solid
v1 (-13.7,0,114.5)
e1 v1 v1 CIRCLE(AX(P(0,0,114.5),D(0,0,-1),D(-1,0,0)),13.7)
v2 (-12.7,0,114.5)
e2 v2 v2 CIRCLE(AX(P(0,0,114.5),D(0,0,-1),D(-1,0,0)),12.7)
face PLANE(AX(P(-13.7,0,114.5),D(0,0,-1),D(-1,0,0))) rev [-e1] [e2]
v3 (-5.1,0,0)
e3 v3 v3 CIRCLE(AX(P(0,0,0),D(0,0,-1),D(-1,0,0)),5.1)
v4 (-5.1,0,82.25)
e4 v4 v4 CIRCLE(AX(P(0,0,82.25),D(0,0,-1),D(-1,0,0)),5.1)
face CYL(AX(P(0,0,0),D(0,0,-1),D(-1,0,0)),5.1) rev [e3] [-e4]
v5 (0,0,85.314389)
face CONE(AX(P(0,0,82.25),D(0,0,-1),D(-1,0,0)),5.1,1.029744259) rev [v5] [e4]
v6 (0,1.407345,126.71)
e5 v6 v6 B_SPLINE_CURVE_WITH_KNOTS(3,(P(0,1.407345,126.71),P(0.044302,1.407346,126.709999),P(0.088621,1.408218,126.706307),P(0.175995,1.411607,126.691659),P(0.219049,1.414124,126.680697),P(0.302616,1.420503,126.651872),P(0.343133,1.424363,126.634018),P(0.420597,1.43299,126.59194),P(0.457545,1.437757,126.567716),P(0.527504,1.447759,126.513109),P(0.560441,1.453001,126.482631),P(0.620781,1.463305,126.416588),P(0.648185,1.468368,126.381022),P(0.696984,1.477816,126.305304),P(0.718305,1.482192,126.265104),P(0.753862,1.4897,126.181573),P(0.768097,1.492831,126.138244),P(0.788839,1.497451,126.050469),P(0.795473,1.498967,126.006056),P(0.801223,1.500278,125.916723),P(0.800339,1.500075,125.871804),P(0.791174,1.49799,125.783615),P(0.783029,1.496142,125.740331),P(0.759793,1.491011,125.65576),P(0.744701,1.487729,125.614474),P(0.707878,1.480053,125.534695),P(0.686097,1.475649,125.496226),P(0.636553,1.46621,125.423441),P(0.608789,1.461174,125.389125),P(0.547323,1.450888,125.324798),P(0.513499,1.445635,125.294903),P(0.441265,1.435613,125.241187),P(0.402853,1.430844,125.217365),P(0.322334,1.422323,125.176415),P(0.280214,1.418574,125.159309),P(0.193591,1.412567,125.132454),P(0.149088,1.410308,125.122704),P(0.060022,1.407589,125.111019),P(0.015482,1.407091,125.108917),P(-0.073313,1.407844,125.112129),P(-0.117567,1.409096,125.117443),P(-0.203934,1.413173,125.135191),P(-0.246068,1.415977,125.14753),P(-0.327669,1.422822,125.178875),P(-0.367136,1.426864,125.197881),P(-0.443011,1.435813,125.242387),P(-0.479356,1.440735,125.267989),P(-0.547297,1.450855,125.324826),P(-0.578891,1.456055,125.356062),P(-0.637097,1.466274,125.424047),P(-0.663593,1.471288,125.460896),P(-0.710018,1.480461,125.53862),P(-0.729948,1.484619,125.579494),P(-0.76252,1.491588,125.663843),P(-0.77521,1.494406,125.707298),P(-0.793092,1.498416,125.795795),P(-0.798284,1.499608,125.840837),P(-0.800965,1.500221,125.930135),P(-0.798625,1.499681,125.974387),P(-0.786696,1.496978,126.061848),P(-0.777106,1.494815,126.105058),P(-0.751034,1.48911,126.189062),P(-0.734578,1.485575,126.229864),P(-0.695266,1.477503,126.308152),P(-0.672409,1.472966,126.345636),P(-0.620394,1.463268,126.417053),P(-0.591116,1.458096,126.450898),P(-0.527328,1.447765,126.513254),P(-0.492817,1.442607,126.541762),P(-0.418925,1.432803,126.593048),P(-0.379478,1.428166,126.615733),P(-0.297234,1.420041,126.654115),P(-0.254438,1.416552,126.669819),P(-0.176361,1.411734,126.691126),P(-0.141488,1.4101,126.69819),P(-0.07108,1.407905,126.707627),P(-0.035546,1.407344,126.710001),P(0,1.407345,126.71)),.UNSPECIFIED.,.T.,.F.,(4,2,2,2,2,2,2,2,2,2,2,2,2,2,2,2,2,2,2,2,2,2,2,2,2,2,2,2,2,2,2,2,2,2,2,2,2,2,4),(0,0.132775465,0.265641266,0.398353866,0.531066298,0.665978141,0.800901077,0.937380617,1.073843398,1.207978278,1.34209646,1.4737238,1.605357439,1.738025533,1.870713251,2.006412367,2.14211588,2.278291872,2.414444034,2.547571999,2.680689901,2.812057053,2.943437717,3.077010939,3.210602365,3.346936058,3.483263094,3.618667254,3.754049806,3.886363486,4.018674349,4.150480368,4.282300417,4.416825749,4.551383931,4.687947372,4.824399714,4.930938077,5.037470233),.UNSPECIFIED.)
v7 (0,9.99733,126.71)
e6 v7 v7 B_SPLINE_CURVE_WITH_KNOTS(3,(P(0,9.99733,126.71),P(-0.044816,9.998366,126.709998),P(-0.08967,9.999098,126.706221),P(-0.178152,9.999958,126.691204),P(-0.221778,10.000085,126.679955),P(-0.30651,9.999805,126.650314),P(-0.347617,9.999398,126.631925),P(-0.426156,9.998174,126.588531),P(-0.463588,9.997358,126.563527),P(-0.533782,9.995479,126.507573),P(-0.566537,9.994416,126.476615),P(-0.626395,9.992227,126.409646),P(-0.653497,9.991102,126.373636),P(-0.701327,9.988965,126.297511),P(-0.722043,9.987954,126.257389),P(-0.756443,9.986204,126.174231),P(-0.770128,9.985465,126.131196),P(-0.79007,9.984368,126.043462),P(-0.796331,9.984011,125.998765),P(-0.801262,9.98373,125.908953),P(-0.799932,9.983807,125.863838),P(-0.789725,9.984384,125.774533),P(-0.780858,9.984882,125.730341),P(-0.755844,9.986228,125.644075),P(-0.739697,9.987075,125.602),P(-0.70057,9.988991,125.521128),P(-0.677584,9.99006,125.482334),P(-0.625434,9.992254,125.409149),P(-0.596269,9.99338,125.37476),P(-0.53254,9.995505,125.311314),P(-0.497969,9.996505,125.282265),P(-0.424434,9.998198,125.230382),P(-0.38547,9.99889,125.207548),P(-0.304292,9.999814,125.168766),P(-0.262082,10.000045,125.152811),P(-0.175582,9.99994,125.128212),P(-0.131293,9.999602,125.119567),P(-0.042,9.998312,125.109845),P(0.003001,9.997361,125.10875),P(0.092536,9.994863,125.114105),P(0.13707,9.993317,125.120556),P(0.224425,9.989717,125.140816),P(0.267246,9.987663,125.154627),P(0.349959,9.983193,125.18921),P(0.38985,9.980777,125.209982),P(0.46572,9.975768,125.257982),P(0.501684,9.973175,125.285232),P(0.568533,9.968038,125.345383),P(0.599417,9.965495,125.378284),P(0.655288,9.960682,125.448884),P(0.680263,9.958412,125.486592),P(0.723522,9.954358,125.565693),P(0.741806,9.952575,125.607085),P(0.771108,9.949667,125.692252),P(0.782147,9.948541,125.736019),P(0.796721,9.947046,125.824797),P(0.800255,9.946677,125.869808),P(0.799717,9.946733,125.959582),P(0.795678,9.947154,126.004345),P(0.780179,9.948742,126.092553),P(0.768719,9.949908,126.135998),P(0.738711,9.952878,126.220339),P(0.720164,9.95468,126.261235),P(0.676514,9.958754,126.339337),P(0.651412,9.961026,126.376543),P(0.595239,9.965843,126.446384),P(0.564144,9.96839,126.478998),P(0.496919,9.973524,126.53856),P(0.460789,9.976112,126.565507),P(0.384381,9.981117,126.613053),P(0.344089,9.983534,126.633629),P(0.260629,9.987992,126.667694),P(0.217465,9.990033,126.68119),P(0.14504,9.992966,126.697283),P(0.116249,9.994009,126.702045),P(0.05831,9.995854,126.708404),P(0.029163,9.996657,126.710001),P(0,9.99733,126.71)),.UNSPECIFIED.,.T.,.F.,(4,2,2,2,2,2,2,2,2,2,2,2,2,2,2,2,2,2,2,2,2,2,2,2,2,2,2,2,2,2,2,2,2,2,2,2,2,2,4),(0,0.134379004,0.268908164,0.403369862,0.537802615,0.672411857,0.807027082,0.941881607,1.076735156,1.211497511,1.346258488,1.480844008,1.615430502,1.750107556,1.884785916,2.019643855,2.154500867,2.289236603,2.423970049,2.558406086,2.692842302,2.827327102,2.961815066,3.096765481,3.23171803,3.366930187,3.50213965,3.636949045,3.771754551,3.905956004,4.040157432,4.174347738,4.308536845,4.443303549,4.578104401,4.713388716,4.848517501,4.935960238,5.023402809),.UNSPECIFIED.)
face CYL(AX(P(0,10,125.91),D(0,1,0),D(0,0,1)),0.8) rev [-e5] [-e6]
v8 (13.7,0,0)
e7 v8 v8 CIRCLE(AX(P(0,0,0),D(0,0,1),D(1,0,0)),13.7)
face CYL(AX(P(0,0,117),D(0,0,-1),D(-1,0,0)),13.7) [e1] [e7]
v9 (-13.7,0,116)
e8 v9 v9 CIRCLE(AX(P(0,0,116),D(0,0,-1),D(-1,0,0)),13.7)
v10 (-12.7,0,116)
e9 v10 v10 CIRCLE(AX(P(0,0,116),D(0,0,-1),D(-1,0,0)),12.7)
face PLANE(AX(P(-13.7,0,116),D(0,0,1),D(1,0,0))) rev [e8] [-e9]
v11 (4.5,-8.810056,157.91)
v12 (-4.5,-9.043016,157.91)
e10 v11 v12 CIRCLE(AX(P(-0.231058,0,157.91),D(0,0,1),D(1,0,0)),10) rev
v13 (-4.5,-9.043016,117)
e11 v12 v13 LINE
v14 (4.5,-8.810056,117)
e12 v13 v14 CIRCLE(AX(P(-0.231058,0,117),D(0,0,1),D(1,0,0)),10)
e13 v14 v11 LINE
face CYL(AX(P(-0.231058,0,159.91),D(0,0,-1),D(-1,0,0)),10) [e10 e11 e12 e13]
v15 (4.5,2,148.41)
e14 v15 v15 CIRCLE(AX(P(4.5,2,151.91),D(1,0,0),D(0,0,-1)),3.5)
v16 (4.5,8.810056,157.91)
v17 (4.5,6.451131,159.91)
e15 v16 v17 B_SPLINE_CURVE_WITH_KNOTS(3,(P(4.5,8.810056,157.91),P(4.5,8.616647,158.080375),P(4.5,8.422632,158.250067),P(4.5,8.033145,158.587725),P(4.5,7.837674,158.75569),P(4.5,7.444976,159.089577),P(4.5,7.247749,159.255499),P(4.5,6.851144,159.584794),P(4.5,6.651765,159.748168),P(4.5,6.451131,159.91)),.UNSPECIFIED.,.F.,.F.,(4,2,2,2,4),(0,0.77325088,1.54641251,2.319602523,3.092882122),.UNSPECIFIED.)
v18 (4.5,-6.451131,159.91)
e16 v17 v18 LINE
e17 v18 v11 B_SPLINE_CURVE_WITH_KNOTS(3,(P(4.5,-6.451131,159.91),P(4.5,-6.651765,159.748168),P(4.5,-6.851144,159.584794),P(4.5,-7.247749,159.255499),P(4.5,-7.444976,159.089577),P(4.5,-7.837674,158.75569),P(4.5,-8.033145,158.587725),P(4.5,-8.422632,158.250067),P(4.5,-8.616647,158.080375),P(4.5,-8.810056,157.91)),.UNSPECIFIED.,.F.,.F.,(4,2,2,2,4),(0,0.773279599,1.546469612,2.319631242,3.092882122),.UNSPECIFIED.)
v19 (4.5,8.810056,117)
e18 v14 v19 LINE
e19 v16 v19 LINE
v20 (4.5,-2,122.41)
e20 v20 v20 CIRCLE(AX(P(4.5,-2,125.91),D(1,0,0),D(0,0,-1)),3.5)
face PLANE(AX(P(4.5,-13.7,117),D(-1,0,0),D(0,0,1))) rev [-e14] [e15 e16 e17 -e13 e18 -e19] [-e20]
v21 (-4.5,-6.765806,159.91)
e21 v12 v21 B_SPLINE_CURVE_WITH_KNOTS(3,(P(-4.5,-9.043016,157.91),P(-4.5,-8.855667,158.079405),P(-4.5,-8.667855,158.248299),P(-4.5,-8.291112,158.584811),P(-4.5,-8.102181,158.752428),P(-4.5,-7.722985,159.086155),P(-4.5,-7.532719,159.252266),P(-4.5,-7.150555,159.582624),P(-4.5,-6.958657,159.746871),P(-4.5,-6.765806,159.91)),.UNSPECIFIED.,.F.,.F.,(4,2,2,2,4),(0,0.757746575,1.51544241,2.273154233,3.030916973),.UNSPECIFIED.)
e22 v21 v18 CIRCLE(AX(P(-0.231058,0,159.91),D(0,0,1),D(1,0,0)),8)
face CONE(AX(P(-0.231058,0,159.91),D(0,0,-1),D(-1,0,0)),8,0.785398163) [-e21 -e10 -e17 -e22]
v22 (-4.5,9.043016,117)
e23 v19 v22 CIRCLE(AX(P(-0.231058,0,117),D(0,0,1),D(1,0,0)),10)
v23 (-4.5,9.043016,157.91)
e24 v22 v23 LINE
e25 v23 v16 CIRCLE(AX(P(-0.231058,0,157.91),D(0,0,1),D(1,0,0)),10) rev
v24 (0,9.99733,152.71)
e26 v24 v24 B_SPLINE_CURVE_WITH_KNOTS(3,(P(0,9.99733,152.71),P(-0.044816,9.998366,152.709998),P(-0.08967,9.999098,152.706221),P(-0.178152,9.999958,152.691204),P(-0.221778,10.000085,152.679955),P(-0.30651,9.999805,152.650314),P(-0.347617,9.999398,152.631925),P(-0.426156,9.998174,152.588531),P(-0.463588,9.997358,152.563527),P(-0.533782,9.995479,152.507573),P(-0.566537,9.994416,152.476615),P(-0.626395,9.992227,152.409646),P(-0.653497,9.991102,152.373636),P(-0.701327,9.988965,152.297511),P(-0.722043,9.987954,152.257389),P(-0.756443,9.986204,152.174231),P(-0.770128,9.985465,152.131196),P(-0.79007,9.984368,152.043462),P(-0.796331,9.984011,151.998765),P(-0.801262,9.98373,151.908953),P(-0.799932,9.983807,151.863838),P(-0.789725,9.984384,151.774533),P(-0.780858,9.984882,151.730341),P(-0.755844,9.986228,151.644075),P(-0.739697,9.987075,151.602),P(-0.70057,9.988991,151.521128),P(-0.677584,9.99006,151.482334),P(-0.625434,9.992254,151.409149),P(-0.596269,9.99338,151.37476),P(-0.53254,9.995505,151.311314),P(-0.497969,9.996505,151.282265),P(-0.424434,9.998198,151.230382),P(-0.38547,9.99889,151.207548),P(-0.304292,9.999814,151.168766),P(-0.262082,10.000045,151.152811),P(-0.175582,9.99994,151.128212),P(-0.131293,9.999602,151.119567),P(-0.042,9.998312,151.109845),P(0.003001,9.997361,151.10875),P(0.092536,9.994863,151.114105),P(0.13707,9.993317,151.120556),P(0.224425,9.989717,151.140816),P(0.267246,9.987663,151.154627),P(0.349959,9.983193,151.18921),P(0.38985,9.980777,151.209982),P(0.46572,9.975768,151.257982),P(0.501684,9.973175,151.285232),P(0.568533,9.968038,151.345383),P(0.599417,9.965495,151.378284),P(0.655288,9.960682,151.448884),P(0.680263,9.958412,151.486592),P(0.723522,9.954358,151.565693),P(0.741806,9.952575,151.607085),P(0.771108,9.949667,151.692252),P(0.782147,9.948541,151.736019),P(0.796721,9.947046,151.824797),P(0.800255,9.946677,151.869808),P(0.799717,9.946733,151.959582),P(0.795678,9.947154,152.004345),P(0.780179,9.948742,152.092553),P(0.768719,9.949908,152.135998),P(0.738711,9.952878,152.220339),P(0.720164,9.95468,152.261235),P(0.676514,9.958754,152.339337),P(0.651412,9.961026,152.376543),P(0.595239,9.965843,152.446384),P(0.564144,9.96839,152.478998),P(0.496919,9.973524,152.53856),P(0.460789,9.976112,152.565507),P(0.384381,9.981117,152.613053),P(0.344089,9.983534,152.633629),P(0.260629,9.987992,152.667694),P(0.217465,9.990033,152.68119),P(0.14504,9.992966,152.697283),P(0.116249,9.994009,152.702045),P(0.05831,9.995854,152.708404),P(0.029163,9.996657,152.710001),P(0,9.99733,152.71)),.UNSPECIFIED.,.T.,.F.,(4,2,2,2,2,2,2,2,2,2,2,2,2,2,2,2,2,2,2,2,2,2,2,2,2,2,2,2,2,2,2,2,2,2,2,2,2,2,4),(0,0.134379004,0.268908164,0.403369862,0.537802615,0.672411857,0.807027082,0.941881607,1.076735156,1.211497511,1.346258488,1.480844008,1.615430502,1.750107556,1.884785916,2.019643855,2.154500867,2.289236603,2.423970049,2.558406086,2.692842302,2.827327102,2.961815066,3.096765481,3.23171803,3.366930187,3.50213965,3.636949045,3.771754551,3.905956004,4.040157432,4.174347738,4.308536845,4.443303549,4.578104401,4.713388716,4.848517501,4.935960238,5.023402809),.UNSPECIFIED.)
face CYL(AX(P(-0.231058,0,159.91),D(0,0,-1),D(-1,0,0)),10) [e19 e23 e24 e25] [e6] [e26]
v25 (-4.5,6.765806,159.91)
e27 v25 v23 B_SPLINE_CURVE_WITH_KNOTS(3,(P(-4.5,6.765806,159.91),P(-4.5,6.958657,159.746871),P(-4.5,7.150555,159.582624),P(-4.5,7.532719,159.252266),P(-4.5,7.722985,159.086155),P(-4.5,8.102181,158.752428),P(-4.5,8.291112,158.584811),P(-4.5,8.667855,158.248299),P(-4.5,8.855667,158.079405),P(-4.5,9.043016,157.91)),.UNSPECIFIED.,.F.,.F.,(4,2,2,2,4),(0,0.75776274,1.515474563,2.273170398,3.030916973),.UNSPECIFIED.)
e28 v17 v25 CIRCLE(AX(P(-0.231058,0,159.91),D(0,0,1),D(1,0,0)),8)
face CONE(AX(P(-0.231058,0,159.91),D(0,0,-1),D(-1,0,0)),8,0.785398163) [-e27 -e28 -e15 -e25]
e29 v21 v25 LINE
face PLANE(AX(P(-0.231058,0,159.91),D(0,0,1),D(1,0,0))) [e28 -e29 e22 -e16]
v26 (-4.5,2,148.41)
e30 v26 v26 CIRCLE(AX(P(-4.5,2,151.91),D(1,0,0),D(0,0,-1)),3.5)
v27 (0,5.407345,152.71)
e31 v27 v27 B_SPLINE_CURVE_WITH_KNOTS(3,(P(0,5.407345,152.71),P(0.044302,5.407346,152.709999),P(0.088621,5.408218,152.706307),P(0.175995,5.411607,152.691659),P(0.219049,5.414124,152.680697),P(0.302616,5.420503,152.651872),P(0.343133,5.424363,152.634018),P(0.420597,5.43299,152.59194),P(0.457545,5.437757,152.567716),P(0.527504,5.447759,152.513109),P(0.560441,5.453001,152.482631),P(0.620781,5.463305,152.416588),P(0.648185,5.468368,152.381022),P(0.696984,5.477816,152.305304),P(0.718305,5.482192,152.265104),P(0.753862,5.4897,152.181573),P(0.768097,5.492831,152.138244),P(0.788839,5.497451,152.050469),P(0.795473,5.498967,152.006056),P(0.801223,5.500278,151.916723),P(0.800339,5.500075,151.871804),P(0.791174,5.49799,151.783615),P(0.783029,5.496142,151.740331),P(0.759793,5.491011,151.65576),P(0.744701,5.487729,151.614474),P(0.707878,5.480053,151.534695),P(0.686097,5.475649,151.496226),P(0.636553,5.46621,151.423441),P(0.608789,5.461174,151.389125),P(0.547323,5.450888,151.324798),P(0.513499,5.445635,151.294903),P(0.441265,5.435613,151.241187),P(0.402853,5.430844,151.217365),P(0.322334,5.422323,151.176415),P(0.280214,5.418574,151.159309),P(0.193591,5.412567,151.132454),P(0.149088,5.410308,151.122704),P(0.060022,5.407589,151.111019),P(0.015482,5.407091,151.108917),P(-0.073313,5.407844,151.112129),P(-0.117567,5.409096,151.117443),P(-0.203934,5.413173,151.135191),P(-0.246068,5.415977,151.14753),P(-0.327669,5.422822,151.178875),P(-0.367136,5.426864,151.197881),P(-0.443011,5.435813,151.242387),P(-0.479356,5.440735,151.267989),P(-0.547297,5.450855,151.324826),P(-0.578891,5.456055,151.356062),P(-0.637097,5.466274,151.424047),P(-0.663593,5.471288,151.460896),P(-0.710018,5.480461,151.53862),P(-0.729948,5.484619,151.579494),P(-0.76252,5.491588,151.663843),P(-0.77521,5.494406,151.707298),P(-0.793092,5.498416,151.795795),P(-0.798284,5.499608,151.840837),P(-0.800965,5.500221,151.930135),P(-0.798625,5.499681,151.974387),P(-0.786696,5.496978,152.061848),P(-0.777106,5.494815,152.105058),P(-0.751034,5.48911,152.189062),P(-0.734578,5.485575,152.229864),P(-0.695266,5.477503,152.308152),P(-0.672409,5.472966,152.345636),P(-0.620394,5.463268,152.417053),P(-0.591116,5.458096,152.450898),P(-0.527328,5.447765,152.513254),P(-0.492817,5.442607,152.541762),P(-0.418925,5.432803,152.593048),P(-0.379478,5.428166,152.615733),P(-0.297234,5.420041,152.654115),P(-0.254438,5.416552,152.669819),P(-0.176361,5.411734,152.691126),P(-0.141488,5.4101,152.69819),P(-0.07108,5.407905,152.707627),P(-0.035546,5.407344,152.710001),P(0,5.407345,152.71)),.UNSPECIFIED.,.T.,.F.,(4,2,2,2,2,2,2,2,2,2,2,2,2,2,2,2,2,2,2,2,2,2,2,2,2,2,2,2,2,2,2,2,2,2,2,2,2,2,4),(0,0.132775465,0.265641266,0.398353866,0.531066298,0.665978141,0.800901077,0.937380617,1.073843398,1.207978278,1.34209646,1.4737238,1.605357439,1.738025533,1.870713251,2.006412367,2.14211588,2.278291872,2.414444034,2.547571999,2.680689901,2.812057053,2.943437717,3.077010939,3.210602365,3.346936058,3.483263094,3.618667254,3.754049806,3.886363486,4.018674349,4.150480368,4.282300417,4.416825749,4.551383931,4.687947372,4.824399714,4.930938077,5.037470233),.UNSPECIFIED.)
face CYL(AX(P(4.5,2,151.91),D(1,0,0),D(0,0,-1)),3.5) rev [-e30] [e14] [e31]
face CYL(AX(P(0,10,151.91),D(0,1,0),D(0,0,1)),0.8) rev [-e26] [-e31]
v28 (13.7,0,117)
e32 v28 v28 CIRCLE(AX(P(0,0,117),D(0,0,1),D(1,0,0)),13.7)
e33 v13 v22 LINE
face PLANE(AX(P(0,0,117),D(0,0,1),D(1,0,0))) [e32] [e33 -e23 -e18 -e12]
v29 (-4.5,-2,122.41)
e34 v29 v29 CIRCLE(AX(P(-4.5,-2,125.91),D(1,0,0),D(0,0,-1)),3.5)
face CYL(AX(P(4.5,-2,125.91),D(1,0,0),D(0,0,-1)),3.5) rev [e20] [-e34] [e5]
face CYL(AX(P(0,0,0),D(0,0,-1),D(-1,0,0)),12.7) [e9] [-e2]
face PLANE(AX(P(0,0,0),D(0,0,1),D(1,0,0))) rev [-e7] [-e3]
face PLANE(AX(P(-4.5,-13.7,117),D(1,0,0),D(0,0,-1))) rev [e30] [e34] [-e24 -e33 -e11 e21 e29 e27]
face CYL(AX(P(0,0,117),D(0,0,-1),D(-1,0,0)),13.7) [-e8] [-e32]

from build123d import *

# Parameters (mm, degrees)
SKETCH_1_R               = 13.7
EXTRUDE_1_DEPTH          = 117
SKETCH_6_W               = 1
SKETCH_6_H               = 1.5
HOLE_WIZARD_M12_1_D      = 10.2
HOLE_WIZARD_M12_1_DEPTH  = 82.25
HOLE_WIZARD_M12_1_TIP    = 3.064389157
SKETCH_9_R               = 10
EXTRUDE_3_DEPTH          = 42.91
CUT_EXTRUDE_1_DEPTH      = 162.079446547
CUT_EXTRUDE_1_DEPTH_BACK = 162.079446547
SKETCH_8_W               = 42.91
SKETCH_8_H               = 10.443945465
CHAMFER_1_SIZE           = 2
HOLE_WIZARD_7_0_7_1_D    = 7
HOLE_WIZARD_M2_1_REACH   = 164.236
HOLE_WIZARD_M2_1_BORE_R  = 0.8


with BuildPart() as part:
    # 草图1 → 凸台-拉伸1 (new body)
    with BuildSketch(Plane.XY):
        Circle(SKETCH_1_R)
    extrude(amount=EXTRUDE_1_DEPTH)

    # 草图6 → 切除-旋转1 (revolve, cut)
    with BuildSketch(Plane(origin=(0, 0, 0), x_dir=(1, 0, 0), z_dir=(0, 1, 0))):
        with Locations((-13.2, -115.25)):
            Rectangle(SKETCH_6_W, SKETCH_6_H)
    revolve(axis=Axis((0, 0, 0), (0, 0, 1)), mode=Mode.SUBTRACT)

    # M12 螺纹孔1
    with Locations(Plane(origin=(0, 0, 0), x_dir=(-1, 0, 0), z_dir=(0, 0, -1))):
        with Locations((0, 0)):
            Hole(HOLE_WIZARD_M12_1_D / 2, depth=HOLE_WIZARD_M12_1_DEPTH)
            with Locations((0, 0, -(HOLE_WIZARD_M12_1_DEPTH + HOLE_WIZARD_M12_1_TIP / 2))):  # 118° drill point
                Cone(0, HOLE_WIZARD_M12_1_D / 2, HOLE_WIZARD_M12_1_TIP, mode=Mode.SUBTRACT)

    # 草图9 → 凸台-拉伸3 (add)
    with BuildSketch(Plane.XY.offset(117)):
        with Locations((-0.231058247, 0)):
            Circle(SKETCH_9_R)
    extrude(amount=EXTRUDE_3_DEPTH)

    # 草图8 → 切除-拉伸1 (cut, two sides: drawn at the far end of the back side and taken through both)
    with BuildSketch(Plane(origin=(0, 0, 0), x_dir=(0, 0, -1), z_dir=(0, 1, 0)).offset(-CUT_EXTRUDE_1_DEPTH_BACK)):
        with Locations((-138.455, 9.721972732)):
            Rectangle(SKETCH_8_W, SKETCH_8_H)
        with Locations((-138.455, -9.721972732)):
            Rectangle(SKETCH_8_W, SKETCH_8_H)
    extrude(amount=CUT_EXTRUDE_1_DEPTH + CUT_EXTRUDE_1_DEPTH_BACK, mode=Mode.SUBTRACT)

    # 倒角1
    chamfer_1_edges = [part.edges().sort_by_distance(p)[0] for p in [
        (0.027699329, -9.996651665, 159.91),
        (0.027699329, 9.996651665, 159.91),
    ]]
    chamfer(chamfer_1_edges, length=CHAMFER_1_SIZE)

    # Ø7.0 (7) 直径孔1 (through all)
    with Locations(Plane(origin=(4.5, 0, 0), x_dir=(0, 0, -1), z_dir=(1, 0, 0))):
        with Locations((-125.91, -2), (-151.91, 2)):
            Hole(HOLE_WIZARD_7_0_7_1_D / 2)

    # M2 螺纹孔1 bore → M2 螺纹孔1 (cut, up to next)
    with BuildSketch(Plane(origin=(0, 10, 0), x_dir=(1, 0, 0), z_dir=(0, 1, 0)), mode=Mode.PRIVATE) as hole_wizard_m2_1_sk1:
        with Locations((0, -151.91)):
            Circle(HOLE_WIZARD_M2_1_BORE_R)
    hole_wizard_m2_1_tool1 = extrude(hole_wizard_m2_1_sk1.sketch, amount=-HOLE_WIZARD_M2_1_REACH, mode=Mode.PRIVATE) & part.part
    # M2 螺纹孔1 bore → M2 螺纹孔1 (cut, up to next)
    with BuildSketch(Plane(origin=(0, 10, 0), x_dir=(1, 0, 0), z_dir=(0, 1, 0)), mode=Mode.PRIVATE) as hole_wizard_m2_1_sk2:
        with Locations((0, -125.91)):
            Circle(HOLE_WIZARD_M2_1_BORE_R)
    hole_wizard_m2_1_tool2 = extrude(hole_wizard_m2_1_sk2.sketch, amount=-HOLE_WIZARD_M2_1_REACH, mode=Mode.PRIVATE) & part.part
    add(hole_wizard_m2_1_tool1.solids().sort_by_distance((0, 10, 151.91))[0], mode=Mode.SUBTRACT)
    add(hole_wizard_m2_1_tool2.solids().sort_by_distance((0, 10, 125.91))[0], mode=Mode.SUBTRACT)


solid = part.part
